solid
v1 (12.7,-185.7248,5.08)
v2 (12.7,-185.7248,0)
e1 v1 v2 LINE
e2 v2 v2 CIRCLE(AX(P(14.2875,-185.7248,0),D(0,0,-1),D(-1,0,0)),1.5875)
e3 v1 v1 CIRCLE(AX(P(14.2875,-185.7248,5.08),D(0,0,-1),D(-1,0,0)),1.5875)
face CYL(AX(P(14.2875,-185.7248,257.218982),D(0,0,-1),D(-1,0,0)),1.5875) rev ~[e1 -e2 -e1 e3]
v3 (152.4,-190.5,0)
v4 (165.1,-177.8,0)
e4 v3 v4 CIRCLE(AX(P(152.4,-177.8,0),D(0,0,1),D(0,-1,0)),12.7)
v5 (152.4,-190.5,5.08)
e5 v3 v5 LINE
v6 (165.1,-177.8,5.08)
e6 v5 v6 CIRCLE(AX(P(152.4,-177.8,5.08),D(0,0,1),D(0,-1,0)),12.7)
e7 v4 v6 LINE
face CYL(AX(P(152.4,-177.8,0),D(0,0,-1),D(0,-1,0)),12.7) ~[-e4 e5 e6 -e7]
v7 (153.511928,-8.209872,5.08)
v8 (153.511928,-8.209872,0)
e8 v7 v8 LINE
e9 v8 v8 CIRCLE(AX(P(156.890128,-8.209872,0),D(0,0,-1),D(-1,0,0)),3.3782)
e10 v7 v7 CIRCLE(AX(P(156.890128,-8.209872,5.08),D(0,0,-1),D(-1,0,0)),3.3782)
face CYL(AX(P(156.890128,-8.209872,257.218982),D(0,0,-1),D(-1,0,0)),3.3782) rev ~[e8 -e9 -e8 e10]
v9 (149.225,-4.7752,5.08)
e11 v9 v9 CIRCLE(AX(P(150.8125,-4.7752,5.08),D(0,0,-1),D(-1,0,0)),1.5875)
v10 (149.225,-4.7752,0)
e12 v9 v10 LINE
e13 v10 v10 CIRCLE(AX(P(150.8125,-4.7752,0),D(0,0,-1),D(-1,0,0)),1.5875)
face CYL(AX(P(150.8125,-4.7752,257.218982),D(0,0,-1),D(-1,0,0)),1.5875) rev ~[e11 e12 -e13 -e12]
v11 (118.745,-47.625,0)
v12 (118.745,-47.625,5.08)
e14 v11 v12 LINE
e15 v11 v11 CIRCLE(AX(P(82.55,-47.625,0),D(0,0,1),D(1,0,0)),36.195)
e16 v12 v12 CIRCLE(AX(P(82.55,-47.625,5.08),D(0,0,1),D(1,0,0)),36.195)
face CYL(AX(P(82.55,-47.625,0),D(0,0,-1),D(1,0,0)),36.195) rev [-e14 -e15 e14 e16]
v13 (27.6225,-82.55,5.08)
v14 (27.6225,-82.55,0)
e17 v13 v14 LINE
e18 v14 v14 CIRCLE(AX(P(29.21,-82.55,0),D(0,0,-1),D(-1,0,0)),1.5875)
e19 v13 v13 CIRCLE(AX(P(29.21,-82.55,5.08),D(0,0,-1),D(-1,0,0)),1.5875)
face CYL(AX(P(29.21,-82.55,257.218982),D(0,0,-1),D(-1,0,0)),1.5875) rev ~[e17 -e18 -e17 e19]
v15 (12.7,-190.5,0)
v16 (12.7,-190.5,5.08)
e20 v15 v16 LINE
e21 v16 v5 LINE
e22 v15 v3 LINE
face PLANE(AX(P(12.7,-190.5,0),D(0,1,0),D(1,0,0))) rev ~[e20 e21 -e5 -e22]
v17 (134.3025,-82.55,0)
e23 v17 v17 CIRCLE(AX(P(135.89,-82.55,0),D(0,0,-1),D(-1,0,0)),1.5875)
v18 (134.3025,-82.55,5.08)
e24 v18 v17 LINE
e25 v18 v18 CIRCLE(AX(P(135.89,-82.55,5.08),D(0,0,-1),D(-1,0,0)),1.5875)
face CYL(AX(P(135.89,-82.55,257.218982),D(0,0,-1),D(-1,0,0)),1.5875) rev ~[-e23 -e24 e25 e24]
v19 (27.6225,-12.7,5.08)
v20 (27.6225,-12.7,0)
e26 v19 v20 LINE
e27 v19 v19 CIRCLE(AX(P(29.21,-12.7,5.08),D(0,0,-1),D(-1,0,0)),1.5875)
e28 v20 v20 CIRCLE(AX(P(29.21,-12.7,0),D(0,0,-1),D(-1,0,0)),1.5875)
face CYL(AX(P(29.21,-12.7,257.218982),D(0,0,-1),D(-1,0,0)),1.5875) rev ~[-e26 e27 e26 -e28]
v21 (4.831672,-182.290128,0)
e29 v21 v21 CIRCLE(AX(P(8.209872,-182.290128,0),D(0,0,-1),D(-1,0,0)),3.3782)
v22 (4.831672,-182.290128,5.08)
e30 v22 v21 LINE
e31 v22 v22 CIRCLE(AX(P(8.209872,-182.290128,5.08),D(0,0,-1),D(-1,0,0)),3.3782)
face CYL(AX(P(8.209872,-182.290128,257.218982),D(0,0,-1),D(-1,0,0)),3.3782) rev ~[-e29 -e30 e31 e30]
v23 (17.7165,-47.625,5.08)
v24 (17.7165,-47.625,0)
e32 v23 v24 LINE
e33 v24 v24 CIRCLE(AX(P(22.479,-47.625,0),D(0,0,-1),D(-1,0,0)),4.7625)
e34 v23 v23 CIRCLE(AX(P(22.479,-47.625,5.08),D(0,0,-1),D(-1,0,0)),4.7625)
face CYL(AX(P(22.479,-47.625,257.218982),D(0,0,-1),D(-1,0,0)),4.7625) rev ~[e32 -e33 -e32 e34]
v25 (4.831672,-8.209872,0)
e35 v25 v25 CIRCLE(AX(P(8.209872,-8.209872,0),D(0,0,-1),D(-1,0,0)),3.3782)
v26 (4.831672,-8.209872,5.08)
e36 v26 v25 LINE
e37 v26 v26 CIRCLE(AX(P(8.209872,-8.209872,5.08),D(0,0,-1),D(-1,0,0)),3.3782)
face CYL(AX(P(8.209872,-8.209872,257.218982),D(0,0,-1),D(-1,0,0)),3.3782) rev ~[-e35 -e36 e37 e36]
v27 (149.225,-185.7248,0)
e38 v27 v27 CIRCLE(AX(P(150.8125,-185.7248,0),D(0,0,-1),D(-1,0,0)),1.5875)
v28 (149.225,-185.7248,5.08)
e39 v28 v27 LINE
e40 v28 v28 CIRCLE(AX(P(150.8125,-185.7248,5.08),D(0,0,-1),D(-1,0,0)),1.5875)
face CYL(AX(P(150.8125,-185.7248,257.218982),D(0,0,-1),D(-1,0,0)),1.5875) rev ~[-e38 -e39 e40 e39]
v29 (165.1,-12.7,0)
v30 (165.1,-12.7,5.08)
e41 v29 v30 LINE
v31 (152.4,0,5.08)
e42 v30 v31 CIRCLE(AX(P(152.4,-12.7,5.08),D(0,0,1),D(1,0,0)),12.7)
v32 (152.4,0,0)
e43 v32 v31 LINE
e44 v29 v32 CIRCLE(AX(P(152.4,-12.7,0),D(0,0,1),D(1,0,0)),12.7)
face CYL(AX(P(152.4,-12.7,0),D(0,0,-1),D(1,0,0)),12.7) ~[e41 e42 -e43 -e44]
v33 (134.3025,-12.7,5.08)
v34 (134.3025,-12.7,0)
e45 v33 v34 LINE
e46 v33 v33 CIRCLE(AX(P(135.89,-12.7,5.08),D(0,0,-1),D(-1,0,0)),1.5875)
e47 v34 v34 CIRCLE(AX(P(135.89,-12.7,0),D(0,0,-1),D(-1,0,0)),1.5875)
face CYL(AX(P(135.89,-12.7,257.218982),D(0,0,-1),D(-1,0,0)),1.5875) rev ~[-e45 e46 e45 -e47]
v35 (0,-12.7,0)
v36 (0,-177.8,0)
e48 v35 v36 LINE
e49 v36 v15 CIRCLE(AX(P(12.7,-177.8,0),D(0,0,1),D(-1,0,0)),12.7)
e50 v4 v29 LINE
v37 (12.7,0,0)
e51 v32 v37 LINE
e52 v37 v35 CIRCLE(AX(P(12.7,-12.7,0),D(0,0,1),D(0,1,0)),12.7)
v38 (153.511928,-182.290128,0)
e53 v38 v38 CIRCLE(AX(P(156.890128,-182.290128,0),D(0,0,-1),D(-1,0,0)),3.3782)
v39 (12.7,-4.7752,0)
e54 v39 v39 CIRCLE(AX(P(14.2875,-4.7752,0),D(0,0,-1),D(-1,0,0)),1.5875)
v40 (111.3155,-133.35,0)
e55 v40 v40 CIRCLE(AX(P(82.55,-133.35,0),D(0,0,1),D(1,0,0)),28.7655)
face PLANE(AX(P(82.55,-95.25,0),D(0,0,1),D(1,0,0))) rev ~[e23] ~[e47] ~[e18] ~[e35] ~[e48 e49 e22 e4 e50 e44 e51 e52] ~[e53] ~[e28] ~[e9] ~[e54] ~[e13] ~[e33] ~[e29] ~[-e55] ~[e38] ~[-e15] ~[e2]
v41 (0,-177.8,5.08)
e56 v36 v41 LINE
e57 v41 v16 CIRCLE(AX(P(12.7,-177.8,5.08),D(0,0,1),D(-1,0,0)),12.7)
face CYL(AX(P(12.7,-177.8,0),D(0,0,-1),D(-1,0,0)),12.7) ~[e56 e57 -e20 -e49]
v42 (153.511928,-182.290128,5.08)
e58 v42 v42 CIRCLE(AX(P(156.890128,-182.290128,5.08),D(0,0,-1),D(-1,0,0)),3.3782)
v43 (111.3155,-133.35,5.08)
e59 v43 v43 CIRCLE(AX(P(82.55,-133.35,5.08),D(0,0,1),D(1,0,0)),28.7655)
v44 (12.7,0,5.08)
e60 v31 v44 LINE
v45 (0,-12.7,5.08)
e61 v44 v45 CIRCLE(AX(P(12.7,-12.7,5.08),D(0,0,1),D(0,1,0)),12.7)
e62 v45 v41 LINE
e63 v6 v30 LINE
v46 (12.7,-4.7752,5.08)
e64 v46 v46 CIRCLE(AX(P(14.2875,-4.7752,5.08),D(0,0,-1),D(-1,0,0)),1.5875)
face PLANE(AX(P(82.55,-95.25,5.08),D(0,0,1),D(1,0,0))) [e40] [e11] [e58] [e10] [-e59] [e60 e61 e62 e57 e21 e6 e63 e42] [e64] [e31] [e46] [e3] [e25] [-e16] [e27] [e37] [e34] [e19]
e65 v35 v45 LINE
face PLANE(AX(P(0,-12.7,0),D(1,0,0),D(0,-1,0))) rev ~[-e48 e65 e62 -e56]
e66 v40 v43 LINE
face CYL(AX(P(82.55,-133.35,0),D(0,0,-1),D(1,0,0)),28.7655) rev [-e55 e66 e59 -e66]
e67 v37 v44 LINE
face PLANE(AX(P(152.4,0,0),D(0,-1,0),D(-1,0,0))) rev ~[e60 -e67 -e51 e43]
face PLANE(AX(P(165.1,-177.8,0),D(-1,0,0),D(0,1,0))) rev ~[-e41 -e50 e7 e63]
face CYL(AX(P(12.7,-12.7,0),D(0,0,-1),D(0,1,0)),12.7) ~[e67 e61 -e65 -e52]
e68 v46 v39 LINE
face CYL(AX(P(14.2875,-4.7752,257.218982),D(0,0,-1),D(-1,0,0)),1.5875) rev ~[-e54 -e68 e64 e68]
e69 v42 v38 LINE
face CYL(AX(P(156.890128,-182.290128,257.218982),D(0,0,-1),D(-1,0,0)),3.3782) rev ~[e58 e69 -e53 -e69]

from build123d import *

# Parameters (mm, degrees)
F0_R     = 28.7655
F0_R_2   = 36.195
F1_DEPTH = 5.08
F3_D     = 6.7564
F5_D     = 3.175
F7_D     = 3.175
F9_D     = 9.525


with BuildPart() as f1:
    # F0 (on Top) → F1 (new body)
    with BuildSketch(Plane.XY):
        with BuildLine():
            Line((152.4, 0), (12.7, 0))
            ThreePointArc((12.7, 0), (3.7197438789, -3.7197438789), (0, -12.7))
            Line((0, -12.7), (0, -177.8))
            ThreePointArc((0, -177.8), (3.7197438789, -186.7802561211), (12.7, -190.5))
            Line((12.7, -190.5), (152.4, -190.5))
            ThreePointArc((152.4, -190.5), (161.3802561211, -186.7802561211), (165.1, -177.8))
            Line((165.1, -177.8), (165.1, -12.7))
            ThreePointArc((165.1, -12.7), (161.3802561211, -3.7197438789), (152.4, 0))
        make_face()
        with Locations((82.55, -133.35)):
            Circle(F0_R, mode=Mode.SUBTRACT)
        with Locations((82.55, -47.625)):
            Circle(F0_R_2, mode=Mode.SUBTRACT)
    extrude(amount=F1_DEPTH)

    # F3 (through all)
    with Locations(Plane.XY.offset(5.08)):
        with Locations((8.2098719395, -8.2098719395), (156.8901280605, -8.2098719395), (156.8901280605, -182.2901280605), (8.2098719395, -182.2901280605)):
            Hole(F3_D / 2)

    # F5 (through all)
    with Locations(Plane.XY.offset(5.08)):
        with Locations((14.2875, -185.7248), (150.8125, -185.7248), (150.8125, -4.7752), (14.2875, -4.7752)):
            Hole(F5_D / 2)

    # F7 (through all)
    with Locations(Plane.XY.offset(5.08)):
        with Locations((29.21, -82.55), (29.21, -12.7), (135.89, -12.7), (135.89, -82.55)):
            Hole(F7_D / 2)

    # F9 (through all)
    with Locations(Plane.XY.offset(5.08)):
        with Locations((22.479, -47.625)):
            Hole(F9_D / 2)


solid = f1.part
